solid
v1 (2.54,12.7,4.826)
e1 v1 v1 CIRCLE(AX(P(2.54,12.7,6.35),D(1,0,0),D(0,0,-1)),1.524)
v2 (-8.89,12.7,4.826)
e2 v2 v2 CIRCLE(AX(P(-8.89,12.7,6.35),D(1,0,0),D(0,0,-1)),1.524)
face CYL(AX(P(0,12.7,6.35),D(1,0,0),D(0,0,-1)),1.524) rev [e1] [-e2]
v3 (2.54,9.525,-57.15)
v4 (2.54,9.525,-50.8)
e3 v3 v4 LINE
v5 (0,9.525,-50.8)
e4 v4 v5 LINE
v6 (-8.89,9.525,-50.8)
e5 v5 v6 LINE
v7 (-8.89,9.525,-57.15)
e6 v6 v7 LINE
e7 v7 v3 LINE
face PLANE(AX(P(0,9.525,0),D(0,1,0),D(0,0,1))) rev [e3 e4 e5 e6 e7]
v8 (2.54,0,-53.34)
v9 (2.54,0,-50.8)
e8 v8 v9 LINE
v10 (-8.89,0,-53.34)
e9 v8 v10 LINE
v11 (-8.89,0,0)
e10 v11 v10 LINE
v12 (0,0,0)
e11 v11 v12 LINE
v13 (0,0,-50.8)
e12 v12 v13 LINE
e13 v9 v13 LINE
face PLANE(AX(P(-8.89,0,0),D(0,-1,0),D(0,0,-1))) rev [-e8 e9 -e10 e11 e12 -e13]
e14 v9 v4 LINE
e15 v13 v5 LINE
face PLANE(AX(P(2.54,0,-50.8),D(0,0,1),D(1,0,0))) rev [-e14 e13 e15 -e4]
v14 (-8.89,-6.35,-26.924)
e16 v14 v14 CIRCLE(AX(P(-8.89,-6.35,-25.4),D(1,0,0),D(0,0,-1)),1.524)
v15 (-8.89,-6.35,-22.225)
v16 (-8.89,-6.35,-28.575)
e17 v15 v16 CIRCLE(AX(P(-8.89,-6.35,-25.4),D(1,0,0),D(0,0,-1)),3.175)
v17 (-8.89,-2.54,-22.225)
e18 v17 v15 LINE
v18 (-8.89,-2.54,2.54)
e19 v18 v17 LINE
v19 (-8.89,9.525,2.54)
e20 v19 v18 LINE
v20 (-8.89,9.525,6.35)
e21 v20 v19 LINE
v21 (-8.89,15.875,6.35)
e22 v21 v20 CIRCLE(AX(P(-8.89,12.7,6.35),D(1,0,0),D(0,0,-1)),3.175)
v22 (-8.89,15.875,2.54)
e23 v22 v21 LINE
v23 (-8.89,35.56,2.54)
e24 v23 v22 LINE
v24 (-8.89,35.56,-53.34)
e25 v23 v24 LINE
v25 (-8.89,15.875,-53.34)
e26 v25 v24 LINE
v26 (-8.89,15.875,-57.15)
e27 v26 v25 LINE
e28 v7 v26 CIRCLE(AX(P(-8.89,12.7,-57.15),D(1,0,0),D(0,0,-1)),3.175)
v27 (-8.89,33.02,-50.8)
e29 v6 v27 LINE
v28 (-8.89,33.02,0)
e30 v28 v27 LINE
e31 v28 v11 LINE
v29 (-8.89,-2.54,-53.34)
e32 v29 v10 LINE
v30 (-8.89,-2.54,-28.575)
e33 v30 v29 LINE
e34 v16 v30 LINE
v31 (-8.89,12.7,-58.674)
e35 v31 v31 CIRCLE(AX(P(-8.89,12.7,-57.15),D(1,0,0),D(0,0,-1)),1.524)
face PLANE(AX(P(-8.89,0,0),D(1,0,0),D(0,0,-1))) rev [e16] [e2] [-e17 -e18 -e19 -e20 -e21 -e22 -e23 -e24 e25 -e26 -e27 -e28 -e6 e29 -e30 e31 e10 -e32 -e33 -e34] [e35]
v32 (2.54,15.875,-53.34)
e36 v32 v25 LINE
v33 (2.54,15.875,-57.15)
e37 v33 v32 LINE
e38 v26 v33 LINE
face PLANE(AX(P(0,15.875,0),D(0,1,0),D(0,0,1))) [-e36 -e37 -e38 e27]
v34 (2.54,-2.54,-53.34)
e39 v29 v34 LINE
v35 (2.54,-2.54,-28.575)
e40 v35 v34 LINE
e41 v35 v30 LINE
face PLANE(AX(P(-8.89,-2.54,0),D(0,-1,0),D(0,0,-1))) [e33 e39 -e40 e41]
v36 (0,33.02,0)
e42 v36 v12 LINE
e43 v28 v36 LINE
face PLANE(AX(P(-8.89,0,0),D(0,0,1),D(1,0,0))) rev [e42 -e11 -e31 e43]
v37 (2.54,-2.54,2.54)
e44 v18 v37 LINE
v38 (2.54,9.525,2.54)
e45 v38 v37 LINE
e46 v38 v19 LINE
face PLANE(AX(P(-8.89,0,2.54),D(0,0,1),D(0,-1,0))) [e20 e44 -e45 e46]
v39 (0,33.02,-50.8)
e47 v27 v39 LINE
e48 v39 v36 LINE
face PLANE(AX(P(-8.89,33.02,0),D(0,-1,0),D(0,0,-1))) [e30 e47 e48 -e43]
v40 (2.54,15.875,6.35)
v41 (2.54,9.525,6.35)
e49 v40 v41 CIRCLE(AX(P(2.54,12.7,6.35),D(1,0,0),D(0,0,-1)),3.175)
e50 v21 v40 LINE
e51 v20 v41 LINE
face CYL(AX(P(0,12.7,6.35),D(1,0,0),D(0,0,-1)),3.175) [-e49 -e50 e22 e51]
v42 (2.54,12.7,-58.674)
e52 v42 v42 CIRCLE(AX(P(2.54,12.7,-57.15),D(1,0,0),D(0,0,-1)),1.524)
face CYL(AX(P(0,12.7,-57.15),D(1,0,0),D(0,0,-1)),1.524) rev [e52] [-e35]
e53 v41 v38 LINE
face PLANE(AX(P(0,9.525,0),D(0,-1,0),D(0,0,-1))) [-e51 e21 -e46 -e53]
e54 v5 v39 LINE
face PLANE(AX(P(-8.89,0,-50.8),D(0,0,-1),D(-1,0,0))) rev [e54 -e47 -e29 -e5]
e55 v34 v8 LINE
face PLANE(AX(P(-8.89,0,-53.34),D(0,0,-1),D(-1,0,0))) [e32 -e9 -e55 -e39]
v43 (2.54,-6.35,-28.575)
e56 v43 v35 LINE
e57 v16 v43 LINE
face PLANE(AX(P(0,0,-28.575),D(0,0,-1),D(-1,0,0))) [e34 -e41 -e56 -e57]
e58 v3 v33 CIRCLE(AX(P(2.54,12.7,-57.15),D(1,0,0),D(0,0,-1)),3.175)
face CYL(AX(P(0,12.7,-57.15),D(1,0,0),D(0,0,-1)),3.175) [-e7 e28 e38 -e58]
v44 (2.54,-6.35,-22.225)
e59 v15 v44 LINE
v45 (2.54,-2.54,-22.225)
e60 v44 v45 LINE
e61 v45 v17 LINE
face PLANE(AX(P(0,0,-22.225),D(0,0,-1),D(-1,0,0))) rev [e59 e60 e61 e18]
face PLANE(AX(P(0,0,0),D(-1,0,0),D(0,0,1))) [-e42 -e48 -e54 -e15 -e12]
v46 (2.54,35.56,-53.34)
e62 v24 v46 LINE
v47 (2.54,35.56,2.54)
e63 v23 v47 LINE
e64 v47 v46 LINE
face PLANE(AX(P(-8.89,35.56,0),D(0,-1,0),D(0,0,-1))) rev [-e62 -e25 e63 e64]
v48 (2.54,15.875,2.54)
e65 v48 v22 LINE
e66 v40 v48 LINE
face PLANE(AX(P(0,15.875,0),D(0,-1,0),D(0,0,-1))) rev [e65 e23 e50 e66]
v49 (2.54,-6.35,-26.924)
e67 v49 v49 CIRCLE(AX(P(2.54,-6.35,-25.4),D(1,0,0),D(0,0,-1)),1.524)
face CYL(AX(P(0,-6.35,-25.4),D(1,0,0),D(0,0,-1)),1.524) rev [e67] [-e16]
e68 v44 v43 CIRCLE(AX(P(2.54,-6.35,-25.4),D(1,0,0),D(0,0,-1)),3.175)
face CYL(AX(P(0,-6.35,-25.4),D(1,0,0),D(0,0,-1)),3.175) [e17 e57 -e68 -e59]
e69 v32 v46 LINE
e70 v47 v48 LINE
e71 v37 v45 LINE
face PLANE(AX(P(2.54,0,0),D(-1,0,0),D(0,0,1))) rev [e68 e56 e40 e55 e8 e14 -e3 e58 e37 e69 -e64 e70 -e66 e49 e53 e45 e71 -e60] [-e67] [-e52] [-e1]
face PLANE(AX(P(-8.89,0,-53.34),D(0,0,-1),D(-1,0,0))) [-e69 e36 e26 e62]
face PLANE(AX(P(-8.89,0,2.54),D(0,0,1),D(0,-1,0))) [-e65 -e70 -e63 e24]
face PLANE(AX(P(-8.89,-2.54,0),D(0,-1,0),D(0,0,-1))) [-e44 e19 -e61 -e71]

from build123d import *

# Parameters (mm, degrees)
SKETCH1_W           = 50.8
SKETCH1_H           = 33.02
BOSS_EXTRUDE1_DEPTH = 2.54
SKETCH2_R           = 3.175
SKETCH2_R_2         = 1.524
BOSS_EXTRUDE3_DEPTH = 2.54
SKETCH3_W           = 22.225
SKETCH3_H           = 2.54
SKETCH3_W_2         = 6.35
SKETCH3_W_3         = 2.54
SKETCH3_H_2         = 6.35
SKETCH3_H_3         = 17.145
SKETCH3_H_4         = 9.525
BOSS_EXTRUDE4_DEPTH = 11.43
SKETCH5_W           = 2.54
SKETCH5_H           = 9.525
CUT_EXTRUDE2_DEPTH  = 11.43
SKETCH6_R           = 1.524
BOSS_EXTRUDE7_DEPTH = 8.89


with BuildPart() as part:
    # Sketch1 → Boss-Extrude1 (new body)
    with BuildSketch(Plane(origin=(0, 0, 0), x_dir=(0, 0, -1), z_dir=(1, 0, 0))):
        with Locations((25.4, 16.51)):
            Rectangle(SKETCH1_W, SKETCH1_H)
    extrude(amount=BOSS_EXTRUDE1_DEPTH)

    # Sketch2 → Boss-Extrude3 (add)
    # profile 1 of 6: a face of its own
    with BuildSketch(Plane(origin=(2.54, 0, 0), x_dir=(0, 0, -1), z_dir=(1, 0, 0))):
        with BuildLine():
            Line((-6.35, 9.525), (0, 9.525))
            Line((0, 9.525), (0, 15.875))
            Line((0, 15.875), (-6.35, 15.875))
            ThreePointArc((-6.35, 15.875), (-4.10493597, 14.94506403), (-3.175, 12.7))
            ThreePointArc((-3.175, 12.7), (-4.10493597, 10.45493597), (-6.35, 9.525))
        make_face()
    # profile 2 of 6: a face of its own
    with BuildSketch(Plane(origin=(2.54, 0, 0), x_dir=(0, 0, -1), z_dir=(1, 0, 0))):
        with Locations((-6.35, 12.7)):
            Circle(SKETCH2_R)
        with Locations((-6.35, 12.7)):
            Circle(SKETCH2_R_2, mode=Mode.SUBTRACT)
    # profile 3 of 6: a face of its own
    with BuildSketch(Plane(origin=(2.54, 0, 0), x_dir=(0, 0, -1), z_dir=(1, 0, 0))):
        with BuildLine():
            Line((28.575, -6.35), (28.575, 0))
            Line((28.575, 0), (22.225, 0))
            Line((22.225, 0), (22.225, -6.35))
            ThreePointArc((22.225, -6.35), (25.4, -3.175), (28.575, -6.35))
        make_face()
    # profile 4 of 6: a face of its own
    with BuildSketch(Plane(origin=(2.54, 0, 0), x_dir=(0, 0, -1), z_dir=(1, 0, 0))):
        with Locations((25.4, -6.35)):
            Circle(SKETCH2_R)
        with Locations((25.4, -6.35)):
            Circle(SKETCH2_R_2, mode=Mode.SUBTRACT)
    # profile 5 of 6: a face of its own
    with BuildSketch(Plane(origin=(2.54, 0, 0), x_dir=(0, 0, -1), z_dir=(1, 0, 0))):
        with BuildLine():
            Line((50.8, 9.525), (57.15, 9.525))
            ThreePointArc((57.15, 9.525), (53.975, 12.7), (57.15, 15.875))
            Line((57.15, 15.875), (50.8, 15.875))
            Line((50.8, 15.875), (50.8, 9.525))
        make_face()
    # profile 6 of 6: a face of its own
    with BuildSketch(Plane(origin=(2.54, 0, 0), x_dir=(0, 0, -1), z_dir=(1, 0, 0))):
        with Locations((57.15, 12.7)):
            Circle(SKETCH2_R)
        with Locations((57.15, 12.7)):
            Circle(SKETCH2_R_2, mode=Mode.SUBTRACT)
    extrude(amount=-BOSS_EXTRUDE3_DEPTH)

    # Sketch3 → Boss-Extrude4 (add)
    with BuildSketch(Plane(origin=(2.54, 0, 0), x_dir=(0, 0, -1), z_dir=(1, 0, 0))):
        with Locations((39.6875, -1.27)):
            Rectangle(SKETCH3_W, SKETCH3_H)
        Polygon((22.225, 0), (0, 0), (-2.54, 0), (-2.54, -2.54), (22.225, -2.54), align=None)
        with Locations((25.4, -1.27)):
            Rectangle(SKETCH3_W_2, SKETCH3_H)
        Polygon((53.34, 9.525), (50.8, 9.525), (50.8, 0), (50.8, -2.54), (53.34, -2.54), align=None)
        with Locations((52.07, 12.7)):
            Rectangle(SKETCH3_W_3, SKETCH3_H_2)
        with Locations((52.07, 24.4475)):
            Rectangle(SKETCH3_W_3, SKETCH3_H_3)
        Polygon((50.8, 33.02), (53.34, 33.02), (53.34, 35.56), (-2.54, 35.56), (-2.54, 33.02), (0, 33.02), align=None)
        with Locations((-1.27, 24.4475)):
            Rectangle(SKETCH3_W_3, SKETCH3_H_3)
        with Locations((-1.27, 12.7)):
            Rectangle(SKETCH3_W_3, SKETCH3_H_2)
        with Locations((-1.27, 4.7625)):
            Rectangle(SKETCH3_W_3, SKETCH3_H_4)
    extrude(amount=-BOSS_EXTRUDE4_DEPTH)

    # Sketch5 → Cut-Extrude2 (cut)
    with BuildSketch(Plane.ZY.offset(8.89)):
        with Locations((-52.07, 4.7625)):
            Rectangle(SKETCH5_W, SKETCH5_H)
    extrude(amount=-CUT_EXTRUDE2_DEPTH, mode=Mode.SUBTRACT)

    # Sketch6 → Boss-Extrude7 (add)
    # profile 1 of 3: a face of its own
    with BuildSketch(Plane.ZY):
        with BuildLine():
            Line((2.54, 15.875), (2.54, 9.525))
            Line((2.54, 9.525), (6.35, 9.525))
            ThreePointArc((6.35, 9.525), (9.525, 12.7), (6.35, 15.875))
            Line((6.35, 15.875), (2.54, 15.875))
        make_face()
        with Locations(Location((6.35, 12.7, 0), (0, 0, 180))):
            Circle(SKETCH6_R, mode=Mode.SUBTRACT)
    # profile 2 of 3: a face of its own
    with BuildSketch(Plane.ZY):
        with BuildLine():
            Line((-22.225, -2.54), (-28.575, -2.54))
            Line((-28.575, -2.54), (-28.575, -6.35))
            ThreePointArc((-28.575, -6.35), (-25.4, -9.525), (-22.225, -6.35))
            Line((-22.225, -6.35), (-22.225, -2.54))
        make_face()
        with Locations(Location((-25.4, -6.35, 0), (0, 0, 180))):
            Circle(SKETCH6_R, mode=Mode.SUBTRACT)
    # profile 3 of 3: a face of its own
    with BuildSketch(Plane.ZY):
        with BuildLine():
            Line((-53.34, 15.875), (-53.34, 9.525))
            Line((-53.34, 9.525), (-57.15, 9.525))
            ThreePointArc((-57.15, 9.525), (-60.325, 12.7), (-57.15, 15.875))
            Line((-57.15, 15.875), (-53.34, 15.875))
        make_face()
        with Locations(Location((-57.15, 12.7, 0), (0, 0, 180))):
            Circle(SKETCH6_R, mode=Mode.SUBTRACT)
    extrude(amount=BOSS_EXTRUDE7_DEPTH)


solid = part.part
